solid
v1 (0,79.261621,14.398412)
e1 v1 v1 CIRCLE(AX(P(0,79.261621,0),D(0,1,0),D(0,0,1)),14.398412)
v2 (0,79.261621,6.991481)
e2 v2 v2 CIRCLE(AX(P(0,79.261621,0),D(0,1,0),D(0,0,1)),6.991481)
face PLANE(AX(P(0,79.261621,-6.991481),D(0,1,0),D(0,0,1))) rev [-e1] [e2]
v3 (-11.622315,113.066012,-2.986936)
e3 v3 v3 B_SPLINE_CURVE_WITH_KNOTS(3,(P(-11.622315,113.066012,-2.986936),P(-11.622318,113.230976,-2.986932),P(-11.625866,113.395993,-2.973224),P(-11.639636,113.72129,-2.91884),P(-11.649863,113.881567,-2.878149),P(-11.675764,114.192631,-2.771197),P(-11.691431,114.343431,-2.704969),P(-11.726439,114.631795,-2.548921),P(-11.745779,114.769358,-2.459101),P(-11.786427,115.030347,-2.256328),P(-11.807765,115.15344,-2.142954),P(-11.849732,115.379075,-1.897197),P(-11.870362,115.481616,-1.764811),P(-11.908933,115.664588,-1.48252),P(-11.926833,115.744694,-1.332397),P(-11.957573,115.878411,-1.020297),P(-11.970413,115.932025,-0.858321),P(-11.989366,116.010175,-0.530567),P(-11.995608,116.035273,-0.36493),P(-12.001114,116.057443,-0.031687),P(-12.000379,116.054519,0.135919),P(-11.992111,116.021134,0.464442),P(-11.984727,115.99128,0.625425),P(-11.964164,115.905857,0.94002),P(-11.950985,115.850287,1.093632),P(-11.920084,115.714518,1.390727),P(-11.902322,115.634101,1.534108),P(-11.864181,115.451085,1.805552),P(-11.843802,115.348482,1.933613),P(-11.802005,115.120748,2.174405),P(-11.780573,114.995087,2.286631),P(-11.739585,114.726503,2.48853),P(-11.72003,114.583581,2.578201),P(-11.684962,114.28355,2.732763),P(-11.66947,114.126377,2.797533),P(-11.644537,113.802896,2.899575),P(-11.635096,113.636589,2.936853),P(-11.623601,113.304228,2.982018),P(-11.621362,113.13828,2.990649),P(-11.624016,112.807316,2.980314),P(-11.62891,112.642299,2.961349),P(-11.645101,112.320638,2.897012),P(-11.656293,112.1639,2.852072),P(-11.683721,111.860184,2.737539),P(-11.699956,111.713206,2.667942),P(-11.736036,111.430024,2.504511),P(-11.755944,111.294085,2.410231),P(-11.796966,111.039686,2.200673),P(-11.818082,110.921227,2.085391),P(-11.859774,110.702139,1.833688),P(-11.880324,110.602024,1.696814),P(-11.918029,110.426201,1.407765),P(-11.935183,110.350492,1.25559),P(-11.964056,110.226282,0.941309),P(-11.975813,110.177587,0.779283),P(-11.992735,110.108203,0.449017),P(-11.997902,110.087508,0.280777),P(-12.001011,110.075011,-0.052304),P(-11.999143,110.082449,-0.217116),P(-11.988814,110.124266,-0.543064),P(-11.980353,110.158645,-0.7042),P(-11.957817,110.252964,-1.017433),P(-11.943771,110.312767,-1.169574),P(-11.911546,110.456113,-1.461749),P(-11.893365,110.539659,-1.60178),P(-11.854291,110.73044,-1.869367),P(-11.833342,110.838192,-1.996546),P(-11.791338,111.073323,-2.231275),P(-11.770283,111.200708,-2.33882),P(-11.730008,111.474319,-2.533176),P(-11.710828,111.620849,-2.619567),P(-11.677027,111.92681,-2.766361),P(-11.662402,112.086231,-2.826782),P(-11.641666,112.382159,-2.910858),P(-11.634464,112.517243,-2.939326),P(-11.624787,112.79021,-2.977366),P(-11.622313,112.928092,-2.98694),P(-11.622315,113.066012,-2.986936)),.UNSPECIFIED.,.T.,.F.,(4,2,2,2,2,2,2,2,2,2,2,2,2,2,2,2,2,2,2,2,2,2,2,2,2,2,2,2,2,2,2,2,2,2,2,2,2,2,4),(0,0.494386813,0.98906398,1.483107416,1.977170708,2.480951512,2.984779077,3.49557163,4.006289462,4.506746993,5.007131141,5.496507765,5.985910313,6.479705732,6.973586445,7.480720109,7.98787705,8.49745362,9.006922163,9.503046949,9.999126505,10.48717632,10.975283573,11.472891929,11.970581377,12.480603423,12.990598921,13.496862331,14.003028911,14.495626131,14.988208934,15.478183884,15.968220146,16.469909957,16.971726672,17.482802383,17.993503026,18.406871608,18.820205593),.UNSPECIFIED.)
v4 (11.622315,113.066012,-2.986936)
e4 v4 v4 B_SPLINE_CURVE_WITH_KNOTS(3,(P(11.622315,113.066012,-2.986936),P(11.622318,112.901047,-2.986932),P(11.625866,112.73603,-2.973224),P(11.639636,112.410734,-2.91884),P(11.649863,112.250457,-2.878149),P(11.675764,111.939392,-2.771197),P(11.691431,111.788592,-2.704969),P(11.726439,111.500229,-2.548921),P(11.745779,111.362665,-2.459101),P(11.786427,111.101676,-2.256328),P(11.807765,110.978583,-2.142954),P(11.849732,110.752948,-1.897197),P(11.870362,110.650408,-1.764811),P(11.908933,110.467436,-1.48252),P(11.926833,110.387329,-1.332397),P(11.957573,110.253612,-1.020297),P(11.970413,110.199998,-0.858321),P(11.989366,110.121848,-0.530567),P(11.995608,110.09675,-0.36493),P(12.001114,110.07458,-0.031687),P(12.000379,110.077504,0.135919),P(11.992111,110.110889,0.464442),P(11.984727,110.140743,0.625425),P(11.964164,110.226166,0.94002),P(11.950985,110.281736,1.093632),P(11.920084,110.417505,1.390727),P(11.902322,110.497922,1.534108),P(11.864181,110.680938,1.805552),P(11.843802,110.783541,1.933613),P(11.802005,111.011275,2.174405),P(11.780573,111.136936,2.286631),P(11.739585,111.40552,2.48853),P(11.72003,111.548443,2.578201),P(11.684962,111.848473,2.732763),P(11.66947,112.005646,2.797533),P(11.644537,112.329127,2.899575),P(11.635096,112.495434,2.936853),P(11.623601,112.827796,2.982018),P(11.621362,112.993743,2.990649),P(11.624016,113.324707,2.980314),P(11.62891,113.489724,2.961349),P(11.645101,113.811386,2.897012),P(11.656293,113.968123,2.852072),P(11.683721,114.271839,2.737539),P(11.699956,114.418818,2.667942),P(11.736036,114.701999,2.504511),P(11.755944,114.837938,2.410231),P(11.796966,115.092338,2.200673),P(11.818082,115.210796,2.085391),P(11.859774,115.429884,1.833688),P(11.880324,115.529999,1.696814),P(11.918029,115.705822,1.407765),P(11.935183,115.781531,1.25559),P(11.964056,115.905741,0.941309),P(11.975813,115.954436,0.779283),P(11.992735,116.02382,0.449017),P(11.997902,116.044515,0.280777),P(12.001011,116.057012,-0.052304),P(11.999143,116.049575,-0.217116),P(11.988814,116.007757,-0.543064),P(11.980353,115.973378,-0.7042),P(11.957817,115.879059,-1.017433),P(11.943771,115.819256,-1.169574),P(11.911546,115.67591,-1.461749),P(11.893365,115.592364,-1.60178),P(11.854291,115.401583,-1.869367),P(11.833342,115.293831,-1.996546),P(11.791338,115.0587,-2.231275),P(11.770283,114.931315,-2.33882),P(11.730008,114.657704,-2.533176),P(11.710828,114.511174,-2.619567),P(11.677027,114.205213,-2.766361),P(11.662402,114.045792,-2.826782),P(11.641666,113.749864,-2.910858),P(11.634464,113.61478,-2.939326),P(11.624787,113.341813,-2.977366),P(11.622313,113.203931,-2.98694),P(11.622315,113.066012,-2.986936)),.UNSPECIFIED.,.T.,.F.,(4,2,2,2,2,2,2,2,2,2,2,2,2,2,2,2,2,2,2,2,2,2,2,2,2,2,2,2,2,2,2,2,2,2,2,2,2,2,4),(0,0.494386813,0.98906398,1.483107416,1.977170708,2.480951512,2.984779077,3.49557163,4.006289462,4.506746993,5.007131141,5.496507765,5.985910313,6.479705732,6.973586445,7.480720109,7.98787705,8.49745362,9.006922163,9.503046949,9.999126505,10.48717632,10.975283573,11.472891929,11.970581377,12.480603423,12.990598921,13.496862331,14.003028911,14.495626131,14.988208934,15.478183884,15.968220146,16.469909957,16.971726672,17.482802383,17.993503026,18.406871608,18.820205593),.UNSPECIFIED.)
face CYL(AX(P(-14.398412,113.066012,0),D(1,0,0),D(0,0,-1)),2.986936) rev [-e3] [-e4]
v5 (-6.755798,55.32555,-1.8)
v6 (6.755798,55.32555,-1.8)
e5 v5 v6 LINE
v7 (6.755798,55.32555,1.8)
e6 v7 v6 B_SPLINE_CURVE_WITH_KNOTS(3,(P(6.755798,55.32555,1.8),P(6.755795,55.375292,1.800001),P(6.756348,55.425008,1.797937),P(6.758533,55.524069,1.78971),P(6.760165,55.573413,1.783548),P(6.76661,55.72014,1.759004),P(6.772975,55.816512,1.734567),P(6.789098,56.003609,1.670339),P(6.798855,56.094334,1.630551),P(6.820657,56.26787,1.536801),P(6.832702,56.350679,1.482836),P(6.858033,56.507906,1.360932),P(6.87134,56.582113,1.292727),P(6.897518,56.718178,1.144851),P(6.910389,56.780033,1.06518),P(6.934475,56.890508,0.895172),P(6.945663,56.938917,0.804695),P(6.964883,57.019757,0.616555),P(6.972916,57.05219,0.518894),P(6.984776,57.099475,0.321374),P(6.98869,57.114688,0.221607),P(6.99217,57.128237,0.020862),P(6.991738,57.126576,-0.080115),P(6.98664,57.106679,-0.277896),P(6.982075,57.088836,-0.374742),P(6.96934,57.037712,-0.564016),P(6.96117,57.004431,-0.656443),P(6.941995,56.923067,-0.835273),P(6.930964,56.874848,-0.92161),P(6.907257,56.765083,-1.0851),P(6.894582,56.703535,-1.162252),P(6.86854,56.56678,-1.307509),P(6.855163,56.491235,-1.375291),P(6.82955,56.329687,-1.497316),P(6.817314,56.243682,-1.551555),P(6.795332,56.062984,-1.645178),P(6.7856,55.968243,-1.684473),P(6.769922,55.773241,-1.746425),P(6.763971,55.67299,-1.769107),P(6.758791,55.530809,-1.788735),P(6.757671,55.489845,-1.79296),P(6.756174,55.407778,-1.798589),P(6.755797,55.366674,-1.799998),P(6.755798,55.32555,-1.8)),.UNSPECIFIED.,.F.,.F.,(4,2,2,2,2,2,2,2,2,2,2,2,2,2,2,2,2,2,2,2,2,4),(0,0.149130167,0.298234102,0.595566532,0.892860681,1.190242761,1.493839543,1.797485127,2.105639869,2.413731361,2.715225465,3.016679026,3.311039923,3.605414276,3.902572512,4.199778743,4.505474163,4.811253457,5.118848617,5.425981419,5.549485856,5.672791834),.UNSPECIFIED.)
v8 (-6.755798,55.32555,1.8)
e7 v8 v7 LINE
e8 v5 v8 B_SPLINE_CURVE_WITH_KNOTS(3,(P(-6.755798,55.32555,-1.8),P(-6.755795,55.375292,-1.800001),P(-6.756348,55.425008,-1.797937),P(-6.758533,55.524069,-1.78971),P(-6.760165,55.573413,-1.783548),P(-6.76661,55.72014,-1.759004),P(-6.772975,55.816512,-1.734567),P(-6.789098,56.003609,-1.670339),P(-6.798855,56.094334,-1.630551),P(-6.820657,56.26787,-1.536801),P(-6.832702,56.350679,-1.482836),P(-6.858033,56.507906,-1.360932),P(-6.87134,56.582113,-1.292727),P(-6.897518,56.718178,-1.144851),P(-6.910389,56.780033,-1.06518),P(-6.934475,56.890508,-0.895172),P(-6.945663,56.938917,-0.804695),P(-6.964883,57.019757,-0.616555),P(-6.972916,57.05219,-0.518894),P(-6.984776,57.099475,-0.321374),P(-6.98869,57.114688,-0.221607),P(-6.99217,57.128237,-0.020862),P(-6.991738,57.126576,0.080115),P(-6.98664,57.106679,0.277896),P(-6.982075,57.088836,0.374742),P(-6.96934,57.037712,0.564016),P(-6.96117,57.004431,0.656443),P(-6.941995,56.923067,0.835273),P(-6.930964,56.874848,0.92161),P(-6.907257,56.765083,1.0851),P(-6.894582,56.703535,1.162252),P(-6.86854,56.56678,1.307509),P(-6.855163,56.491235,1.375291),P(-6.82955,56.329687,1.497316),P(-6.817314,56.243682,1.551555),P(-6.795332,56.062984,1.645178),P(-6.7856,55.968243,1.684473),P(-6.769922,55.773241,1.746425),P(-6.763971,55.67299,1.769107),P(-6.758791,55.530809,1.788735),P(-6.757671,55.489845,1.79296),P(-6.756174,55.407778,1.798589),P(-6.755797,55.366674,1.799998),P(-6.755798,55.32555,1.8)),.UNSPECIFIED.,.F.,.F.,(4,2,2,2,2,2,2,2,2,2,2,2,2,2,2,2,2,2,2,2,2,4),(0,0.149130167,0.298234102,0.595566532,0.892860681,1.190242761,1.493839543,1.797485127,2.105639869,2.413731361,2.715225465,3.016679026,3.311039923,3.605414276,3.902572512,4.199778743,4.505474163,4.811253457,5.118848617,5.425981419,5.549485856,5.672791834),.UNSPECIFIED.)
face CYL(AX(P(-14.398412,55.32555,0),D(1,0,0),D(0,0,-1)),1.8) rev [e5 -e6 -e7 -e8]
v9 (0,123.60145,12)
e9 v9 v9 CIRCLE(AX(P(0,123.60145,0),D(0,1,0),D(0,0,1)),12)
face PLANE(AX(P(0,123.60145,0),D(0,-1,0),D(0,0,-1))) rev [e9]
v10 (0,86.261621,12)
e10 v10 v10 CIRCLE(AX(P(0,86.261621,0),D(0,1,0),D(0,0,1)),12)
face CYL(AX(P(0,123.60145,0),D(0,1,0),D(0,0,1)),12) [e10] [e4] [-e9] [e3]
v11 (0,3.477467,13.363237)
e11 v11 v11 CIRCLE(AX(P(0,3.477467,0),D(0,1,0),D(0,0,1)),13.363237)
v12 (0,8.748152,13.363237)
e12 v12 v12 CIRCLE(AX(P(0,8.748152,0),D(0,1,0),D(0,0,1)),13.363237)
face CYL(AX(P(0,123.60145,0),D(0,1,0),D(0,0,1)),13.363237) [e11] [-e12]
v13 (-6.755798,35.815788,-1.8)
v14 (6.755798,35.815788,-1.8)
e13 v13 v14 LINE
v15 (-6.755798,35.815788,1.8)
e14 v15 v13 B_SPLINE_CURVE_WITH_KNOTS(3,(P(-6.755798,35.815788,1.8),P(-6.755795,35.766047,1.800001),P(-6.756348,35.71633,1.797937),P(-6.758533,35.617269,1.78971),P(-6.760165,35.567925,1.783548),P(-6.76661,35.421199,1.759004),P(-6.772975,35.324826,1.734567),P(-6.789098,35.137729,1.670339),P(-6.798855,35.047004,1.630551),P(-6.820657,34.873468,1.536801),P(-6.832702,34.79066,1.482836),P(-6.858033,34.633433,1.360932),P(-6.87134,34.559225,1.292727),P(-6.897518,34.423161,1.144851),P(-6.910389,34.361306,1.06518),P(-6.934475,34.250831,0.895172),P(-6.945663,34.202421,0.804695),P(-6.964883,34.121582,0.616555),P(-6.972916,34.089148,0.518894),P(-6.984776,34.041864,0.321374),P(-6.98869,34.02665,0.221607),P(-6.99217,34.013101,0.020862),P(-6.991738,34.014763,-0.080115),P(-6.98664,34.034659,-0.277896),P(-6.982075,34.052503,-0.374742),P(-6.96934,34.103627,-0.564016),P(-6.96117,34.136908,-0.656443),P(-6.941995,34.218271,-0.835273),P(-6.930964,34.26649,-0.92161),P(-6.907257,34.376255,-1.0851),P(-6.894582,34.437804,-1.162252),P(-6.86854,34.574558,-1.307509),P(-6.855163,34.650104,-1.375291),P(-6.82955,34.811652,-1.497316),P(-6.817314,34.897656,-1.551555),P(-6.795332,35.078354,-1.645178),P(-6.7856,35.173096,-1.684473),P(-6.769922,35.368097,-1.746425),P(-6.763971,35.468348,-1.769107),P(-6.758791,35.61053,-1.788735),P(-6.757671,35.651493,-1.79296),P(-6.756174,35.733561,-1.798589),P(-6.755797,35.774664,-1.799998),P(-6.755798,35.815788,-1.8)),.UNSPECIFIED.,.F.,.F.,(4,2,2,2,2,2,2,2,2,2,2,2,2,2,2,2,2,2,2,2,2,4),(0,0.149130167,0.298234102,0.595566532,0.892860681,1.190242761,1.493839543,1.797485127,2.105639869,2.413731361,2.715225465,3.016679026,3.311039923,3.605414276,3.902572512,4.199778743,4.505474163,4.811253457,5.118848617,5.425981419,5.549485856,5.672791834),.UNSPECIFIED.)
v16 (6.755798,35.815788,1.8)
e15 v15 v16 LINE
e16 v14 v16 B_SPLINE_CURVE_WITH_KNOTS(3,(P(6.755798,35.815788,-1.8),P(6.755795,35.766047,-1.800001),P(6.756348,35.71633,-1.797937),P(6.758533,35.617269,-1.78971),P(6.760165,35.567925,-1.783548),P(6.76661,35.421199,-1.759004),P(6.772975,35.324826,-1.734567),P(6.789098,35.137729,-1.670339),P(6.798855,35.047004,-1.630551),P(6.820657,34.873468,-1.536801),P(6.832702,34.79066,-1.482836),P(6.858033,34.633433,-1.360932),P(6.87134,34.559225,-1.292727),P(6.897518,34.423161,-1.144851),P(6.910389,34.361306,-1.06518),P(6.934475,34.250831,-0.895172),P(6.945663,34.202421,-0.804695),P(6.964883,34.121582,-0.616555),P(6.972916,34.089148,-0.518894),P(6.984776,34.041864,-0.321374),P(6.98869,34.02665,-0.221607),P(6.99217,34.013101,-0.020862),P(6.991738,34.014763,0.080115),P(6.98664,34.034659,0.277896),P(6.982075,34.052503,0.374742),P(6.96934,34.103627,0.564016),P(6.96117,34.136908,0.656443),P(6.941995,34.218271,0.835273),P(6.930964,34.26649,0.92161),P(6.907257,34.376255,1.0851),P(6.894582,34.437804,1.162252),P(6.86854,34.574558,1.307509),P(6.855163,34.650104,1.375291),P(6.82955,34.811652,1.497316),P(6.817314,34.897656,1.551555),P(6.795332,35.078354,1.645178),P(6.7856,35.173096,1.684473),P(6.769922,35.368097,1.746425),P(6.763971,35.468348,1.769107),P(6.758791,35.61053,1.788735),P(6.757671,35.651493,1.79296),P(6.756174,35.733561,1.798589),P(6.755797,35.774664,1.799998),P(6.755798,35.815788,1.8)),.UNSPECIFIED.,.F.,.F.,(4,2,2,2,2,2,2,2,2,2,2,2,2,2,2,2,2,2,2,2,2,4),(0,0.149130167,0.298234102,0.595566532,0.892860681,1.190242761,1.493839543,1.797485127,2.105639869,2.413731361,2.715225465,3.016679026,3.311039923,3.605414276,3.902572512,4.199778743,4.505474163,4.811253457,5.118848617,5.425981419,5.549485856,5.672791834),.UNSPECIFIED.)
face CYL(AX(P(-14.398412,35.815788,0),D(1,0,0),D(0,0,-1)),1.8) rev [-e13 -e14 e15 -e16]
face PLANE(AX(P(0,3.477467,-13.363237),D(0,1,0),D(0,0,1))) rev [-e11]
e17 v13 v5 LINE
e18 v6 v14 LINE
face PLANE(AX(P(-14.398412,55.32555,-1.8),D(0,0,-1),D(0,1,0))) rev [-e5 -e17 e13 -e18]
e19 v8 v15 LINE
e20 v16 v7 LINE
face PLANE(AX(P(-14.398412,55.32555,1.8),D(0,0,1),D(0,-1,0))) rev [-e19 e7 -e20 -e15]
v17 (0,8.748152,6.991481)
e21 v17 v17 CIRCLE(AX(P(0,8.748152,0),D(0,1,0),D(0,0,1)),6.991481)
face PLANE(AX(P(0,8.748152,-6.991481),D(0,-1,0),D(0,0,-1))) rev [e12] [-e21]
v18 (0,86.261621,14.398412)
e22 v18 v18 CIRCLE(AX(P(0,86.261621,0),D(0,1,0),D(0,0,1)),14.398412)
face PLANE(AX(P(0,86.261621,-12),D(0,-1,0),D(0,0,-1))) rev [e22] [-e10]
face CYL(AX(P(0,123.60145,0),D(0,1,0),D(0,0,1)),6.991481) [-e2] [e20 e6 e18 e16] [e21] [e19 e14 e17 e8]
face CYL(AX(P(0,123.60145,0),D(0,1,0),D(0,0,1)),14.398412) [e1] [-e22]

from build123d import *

# Parameters (mm, degrees)
CUT_EXTRUDE1_DEPTH      = 126.267501457
CUT_EXTRUDE1_DEPTH_BACK = 126.267501457
SKETCH2_R               = 2.986936388
CUT_EXTRUDE2_DEPTH      = 126.267501556
CUT_EXTRUDE2_DEPTH_BACK = 126.267501556


with BuildPart() as part:
    # Sketch1 → Revolve1 (revolve)
    with BuildSketch(Plane(origin=(0, 0, 0), x_dir=(0, 0, -1), z_dir=(1, 0, 0)), mode=Mode.PRIVATE) as revolve1_sk:
        Polygon((0, 123.60144971), (12, 123.60144971), (12, 86.261621461), (14.398412253, 86.261621461), (14.398412253, 79.261621461), (6.991481123, 79.261621461), (6.991481123, 8.748152398), (13.363236745, 8.748152398), (13.363236745, 3.47746721), (0, 3.47746721), align=None)
    revolve(revolve1_sk.sketch.rotate(Axis((0, 123.60144971, 0), (0, -1, 0)), 180), axis=Axis((0, 123.60144971, 0), (0, -1, 0)))

    # Sketch2 → Cut-Extrude1 (cut, two sides: drawn at the far end of the back side and taken through both)
    with BuildSketch(Plane(origin=(0, 0, 0), x_dir=(0, 0, -1), z_dir=(1, 0, 0)).offset(-CUT_EXTRUDE1_DEPTH_BACK)):
        with Locations((0, 113.066011559)):
            Circle(SKETCH2_R)
    extrude(amount=CUT_EXTRUDE1_DEPTH + CUT_EXTRUDE1_DEPTH_BACK, mode=Mode.SUBTRACT)

    # Sketch3 → Cut-Extrude2 (cut, two sides: drawn at the far end of the back side and taken through both)
    with BuildSketch(Plane(origin=(0, 0, 0), x_dir=(0, 0, -1), z_dir=(1, 0, 0)).offset(-CUT_EXTRUDE2_DEPTH_BACK)):
        with BuildLine():
            Line((1.8, 55.325549997), (1.8, 35.81578841))
            ThreePointArc((1.8, 35.81578841), (0, 34.01578841), (-1.8, 35.81578841))
            Line((-1.8, 35.81578841), (-1.8, 55.325549997))
            ThreePointArc((-1.8, 55.325549997), (0, 57.125549997), (1.8, 55.325549997))
        make_face()
    extrude(amount=CUT_EXTRUDE2_DEPTH + CUT_EXTRUDE2_DEPTH_BACK, mode=Mode.SUBTRACT)


solid = part.part
